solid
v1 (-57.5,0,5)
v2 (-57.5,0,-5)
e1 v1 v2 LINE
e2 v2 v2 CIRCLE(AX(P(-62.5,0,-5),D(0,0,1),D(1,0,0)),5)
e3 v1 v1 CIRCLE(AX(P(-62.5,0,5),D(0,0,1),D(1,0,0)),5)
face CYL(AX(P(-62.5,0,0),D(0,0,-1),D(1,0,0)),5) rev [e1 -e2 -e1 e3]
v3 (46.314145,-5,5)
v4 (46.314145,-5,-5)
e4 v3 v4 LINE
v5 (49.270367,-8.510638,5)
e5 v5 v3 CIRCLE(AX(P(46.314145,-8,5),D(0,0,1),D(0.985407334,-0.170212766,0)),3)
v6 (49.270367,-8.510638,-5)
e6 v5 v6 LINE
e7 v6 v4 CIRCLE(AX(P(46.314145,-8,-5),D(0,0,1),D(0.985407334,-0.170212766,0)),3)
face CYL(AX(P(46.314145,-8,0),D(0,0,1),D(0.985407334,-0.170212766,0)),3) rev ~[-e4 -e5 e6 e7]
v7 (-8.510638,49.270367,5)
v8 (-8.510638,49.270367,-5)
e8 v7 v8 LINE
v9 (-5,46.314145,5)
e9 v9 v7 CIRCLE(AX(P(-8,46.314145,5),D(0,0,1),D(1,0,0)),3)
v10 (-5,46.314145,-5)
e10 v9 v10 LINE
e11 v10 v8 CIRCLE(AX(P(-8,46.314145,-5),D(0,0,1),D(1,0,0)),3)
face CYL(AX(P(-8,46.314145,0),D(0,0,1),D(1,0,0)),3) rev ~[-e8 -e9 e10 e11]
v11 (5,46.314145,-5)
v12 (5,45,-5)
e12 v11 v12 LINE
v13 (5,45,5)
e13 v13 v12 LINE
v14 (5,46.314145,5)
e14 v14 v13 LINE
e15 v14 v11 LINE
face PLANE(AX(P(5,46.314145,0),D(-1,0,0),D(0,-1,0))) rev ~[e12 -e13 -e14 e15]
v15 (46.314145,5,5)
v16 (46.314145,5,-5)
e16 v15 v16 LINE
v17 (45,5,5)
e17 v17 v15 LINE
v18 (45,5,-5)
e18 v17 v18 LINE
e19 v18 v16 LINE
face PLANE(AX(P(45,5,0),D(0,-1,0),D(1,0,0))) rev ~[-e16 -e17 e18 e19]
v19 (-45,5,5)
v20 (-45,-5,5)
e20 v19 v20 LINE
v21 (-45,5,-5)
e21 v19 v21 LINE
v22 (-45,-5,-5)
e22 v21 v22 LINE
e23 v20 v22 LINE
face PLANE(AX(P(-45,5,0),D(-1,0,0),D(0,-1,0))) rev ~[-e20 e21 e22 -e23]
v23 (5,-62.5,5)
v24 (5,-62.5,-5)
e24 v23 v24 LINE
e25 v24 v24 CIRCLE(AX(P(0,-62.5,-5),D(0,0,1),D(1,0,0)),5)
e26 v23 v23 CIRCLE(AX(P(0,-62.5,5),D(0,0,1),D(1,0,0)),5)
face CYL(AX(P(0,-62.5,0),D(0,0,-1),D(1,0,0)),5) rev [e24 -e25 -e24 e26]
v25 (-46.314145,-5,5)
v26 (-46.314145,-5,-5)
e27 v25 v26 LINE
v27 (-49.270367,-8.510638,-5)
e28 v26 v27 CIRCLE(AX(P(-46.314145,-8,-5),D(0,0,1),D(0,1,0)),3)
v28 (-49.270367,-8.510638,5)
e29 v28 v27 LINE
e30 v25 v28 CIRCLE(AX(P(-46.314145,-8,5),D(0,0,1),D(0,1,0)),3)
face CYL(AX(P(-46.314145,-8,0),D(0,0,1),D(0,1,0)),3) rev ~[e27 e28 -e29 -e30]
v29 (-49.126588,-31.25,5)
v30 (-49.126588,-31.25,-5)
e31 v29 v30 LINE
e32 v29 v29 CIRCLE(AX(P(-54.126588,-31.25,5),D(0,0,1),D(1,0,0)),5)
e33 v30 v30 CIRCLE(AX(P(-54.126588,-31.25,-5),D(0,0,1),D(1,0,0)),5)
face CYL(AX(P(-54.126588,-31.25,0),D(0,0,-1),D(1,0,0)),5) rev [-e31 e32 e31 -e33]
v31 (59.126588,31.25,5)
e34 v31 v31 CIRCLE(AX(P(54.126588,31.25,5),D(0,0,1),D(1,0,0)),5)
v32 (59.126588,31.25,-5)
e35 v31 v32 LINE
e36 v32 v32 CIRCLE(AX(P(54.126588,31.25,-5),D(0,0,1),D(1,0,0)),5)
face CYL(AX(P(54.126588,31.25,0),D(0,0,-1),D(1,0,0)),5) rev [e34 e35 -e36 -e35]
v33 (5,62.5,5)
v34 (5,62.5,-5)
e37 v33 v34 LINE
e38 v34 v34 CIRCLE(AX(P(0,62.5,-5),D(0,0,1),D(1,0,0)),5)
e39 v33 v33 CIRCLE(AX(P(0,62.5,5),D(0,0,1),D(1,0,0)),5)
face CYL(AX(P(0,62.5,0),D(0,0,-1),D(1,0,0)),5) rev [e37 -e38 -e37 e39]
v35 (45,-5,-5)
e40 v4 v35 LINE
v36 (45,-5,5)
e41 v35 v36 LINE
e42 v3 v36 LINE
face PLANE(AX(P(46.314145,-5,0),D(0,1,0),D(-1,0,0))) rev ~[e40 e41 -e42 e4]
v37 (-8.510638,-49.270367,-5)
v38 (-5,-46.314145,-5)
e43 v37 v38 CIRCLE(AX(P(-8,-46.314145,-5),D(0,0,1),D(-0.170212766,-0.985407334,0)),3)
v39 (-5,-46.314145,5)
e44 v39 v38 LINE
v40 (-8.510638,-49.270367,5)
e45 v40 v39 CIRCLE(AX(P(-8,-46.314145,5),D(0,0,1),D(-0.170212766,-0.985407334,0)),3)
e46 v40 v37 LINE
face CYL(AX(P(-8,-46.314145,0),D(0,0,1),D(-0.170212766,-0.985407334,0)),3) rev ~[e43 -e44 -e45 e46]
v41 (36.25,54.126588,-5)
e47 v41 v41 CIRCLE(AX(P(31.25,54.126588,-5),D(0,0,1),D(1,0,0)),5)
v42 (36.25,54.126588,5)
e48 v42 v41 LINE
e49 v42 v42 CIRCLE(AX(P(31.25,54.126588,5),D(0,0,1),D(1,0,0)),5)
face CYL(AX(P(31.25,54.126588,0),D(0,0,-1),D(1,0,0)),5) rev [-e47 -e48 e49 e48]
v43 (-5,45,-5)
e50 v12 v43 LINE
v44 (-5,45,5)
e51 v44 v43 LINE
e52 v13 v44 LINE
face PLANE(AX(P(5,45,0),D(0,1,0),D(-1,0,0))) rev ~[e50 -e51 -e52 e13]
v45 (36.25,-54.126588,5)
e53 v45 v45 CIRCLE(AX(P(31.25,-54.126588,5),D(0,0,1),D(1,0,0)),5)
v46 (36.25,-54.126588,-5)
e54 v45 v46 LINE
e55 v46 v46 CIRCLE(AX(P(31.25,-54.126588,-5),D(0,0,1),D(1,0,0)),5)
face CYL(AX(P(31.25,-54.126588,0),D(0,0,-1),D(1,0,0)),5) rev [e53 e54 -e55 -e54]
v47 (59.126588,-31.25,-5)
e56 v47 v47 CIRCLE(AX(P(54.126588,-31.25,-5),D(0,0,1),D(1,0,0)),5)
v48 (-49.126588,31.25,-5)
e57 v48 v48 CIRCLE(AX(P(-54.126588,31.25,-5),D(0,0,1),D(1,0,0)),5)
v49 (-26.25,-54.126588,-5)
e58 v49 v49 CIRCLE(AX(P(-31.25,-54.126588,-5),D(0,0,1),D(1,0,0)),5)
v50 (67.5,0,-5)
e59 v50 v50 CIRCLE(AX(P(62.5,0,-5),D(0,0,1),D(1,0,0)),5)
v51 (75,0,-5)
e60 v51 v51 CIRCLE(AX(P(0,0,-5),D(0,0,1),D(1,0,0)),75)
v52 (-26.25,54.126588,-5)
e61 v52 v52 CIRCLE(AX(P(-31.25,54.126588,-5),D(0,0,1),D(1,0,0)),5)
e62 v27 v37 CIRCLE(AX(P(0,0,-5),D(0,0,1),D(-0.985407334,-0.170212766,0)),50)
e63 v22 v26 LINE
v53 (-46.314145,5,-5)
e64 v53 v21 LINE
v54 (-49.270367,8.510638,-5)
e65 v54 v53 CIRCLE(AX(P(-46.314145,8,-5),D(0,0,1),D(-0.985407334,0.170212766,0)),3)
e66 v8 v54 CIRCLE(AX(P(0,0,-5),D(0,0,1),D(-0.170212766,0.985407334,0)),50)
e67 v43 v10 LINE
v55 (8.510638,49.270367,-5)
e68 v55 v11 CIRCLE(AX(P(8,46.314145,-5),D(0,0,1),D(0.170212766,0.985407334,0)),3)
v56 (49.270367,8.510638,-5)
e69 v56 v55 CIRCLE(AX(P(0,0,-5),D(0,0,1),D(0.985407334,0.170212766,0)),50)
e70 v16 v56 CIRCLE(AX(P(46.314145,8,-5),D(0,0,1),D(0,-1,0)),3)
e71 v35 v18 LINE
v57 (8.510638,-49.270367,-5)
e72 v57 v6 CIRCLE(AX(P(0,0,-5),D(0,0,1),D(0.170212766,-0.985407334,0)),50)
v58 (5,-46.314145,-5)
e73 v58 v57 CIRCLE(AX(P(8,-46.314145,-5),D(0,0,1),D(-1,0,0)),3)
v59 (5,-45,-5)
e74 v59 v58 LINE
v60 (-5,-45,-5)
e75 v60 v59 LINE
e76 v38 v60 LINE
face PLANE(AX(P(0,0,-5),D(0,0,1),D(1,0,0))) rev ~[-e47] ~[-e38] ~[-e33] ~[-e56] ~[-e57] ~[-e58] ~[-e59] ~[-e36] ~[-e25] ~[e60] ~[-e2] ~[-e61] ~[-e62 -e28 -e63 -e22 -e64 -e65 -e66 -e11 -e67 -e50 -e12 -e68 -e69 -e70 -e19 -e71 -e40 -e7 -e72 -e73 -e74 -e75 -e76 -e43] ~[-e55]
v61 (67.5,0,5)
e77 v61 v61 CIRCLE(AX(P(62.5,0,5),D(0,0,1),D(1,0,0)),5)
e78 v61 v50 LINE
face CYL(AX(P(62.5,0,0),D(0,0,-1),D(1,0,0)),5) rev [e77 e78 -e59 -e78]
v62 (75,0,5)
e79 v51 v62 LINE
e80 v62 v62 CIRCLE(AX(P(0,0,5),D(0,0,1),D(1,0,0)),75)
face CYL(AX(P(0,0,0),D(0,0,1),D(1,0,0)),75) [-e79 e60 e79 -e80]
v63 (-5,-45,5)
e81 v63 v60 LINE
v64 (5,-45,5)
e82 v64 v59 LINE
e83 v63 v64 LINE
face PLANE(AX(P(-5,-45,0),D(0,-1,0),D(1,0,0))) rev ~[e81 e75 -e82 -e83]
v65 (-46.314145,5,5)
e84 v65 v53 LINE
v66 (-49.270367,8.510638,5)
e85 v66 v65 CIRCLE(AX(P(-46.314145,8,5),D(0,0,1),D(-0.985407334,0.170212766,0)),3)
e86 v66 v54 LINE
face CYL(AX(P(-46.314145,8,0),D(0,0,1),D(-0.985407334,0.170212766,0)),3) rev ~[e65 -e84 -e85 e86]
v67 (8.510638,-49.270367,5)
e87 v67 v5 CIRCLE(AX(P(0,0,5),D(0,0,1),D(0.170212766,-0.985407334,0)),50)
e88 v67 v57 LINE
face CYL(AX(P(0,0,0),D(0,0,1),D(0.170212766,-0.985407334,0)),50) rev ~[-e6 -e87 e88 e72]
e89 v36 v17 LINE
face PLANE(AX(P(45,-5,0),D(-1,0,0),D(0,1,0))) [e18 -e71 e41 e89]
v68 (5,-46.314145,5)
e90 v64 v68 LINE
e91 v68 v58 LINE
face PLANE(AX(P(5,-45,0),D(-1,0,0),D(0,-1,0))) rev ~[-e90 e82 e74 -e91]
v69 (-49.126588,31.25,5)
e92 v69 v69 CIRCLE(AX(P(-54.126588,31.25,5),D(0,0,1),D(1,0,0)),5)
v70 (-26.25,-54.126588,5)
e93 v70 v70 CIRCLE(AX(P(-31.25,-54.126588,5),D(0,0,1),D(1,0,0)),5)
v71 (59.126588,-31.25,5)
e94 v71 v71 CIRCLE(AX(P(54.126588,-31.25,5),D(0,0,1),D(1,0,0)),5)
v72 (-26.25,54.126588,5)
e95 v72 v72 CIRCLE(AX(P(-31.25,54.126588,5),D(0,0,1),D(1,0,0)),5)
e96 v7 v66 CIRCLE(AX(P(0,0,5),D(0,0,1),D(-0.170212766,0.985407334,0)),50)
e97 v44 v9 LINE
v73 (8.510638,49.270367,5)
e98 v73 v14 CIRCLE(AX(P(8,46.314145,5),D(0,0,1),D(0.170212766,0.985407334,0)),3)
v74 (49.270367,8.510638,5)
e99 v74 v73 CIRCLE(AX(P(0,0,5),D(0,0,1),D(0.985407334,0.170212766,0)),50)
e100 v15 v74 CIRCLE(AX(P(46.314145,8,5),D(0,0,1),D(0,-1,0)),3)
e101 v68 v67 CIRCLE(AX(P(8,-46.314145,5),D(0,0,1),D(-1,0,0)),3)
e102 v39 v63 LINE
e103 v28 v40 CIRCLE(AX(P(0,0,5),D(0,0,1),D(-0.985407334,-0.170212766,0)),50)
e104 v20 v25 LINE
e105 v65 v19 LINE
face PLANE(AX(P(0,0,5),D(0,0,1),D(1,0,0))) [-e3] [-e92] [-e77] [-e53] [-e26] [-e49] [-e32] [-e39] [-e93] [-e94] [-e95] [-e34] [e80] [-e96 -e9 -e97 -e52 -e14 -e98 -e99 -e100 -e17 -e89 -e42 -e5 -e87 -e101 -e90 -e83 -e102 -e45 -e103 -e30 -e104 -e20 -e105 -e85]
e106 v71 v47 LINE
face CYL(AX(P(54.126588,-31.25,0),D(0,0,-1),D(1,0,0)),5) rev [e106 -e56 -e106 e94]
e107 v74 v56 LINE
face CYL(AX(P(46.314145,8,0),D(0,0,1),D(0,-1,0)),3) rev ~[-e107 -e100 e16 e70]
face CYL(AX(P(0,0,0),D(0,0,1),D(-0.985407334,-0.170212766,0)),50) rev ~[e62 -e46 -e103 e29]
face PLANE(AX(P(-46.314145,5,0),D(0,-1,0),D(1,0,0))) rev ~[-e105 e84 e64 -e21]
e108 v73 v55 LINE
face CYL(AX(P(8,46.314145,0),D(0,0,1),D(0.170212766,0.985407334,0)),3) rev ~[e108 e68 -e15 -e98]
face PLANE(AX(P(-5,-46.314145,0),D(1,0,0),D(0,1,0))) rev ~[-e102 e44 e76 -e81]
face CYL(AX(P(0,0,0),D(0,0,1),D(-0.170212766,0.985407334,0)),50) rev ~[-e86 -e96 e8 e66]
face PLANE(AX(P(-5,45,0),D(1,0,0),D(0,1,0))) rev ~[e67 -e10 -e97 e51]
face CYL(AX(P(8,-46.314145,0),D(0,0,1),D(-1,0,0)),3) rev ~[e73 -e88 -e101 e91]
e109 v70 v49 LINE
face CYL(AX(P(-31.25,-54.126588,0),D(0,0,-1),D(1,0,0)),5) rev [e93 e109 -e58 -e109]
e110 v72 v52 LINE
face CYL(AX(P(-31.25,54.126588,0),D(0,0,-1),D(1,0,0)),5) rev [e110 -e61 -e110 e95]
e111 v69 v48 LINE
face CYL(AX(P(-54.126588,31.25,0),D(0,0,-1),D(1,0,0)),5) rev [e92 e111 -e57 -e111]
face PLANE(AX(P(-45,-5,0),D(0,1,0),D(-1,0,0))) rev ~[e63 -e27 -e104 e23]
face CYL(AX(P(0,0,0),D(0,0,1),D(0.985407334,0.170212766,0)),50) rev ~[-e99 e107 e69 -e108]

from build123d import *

# Parameters (mm, degrees)
SKETCH1_R           = 75
SKETCH1_R_2         = 5
BOSS_EXTRUDE1_DEPTH = 5


with BuildPart() as part:
    # Sketch1 → Boss-Extrude1 (new, symmetric)
    with BuildSketch(Plane.XY):
        Circle(SKETCH1_R)
        with Locations((62.5, 0)):
            Circle(SKETCH1_R_2, mode=Mode.SUBTRACT)
        with Locations((54.126587737, -31.25)):
            Circle(SKETCH1_R_2, mode=Mode.SUBTRACT)
        with Locations((31.25, -54.126587737)):
            Circle(SKETCH1_R_2, mode=Mode.SUBTRACT)
        with Locations((0, -62.5)):
            Circle(SKETCH1_R_2, mode=Mode.SUBTRACT)
        with Locations((-31.25, -54.126587737)):
            Circle(SKETCH1_R_2, mode=Mode.SUBTRACT)
        with Locations((-54.126587737, -31.25)):
            Circle(SKETCH1_R_2, mode=Mode.SUBTRACT)
        with Locations((-62.5, 0)):
            Circle(SKETCH1_R_2, mode=Mode.SUBTRACT)
        with Locations((-54.126587737, 31.25)):
            Circle(SKETCH1_R_2, mode=Mode.SUBTRACT)
        with Locations((-31.25, 54.126587737)):
            Circle(SKETCH1_R_2, mode=Mode.SUBTRACT)
        with Locations((0, 62.5)):
            Circle(SKETCH1_R_2, mode=Mode.SUBTRACT)
        with Locations((31.25, 54.126587737)):
            Circle(SKETCH1_R_2, mode=Mode.SUBTRACT)
        with Locations((54.126587737, 31.25)):
            Circle(SKETCH1_R_2, mode=Mode.SUBTRACT)
        with BuildLine():
            Line((45, 5), (46.314144708, 5))
            ThreePointArc((46.314144708, 5), (48.608912113, 6.067632914), (49.27036671, 8.510638298))
            ThreePointArc((49.27036671, 8.510638298), (35.355339059, 35.355339059), (8.510638298, 49.27036671))
            ThreePointArc((8.510638298, 49.27036671), (6.067632914, 48.608912113), (5, 46.314144708))
            Line((5, 46.314144708), (5, 45))
            Line((5, 45), (-5, 45))
            Line((-5, 45), (-5, 46.314144708))
            ThreePointArc((-5, 46.314144708), (-6.067632914, 48.608912113), (-8.510638298, 49.27036671))
            ThreePointArc((-8.510638298, 49.27036671), (-35.355339059, 35.355339059), (-49.27036671, 8.510638298))
            ThreePointArc((-49.27036671, 8.510638298), (-48.608912113, 6.067632914), (-46.314144708, 5))
            Line((-46.314144708, 5), (-45, 5))
            Line((-45, 5), (-45, -5))
            Line((-45, -5), (-46.314144708, -5))
            ThreePointArc((-46.314144708, -5), (-48.608912113, -6.067632914), (-49.27036671, -8.510638298))
            ThreePointArc((-49.27036671, -8.510638298), (-35.355339059, -35.355339059), (-8.510638298, -49.27036671))
            ThreePointArc((-8.510638298, -49.27036671), (-6.067632914, -48.608912113), (-5, -46.314144708))
            Line((-5, -46.314144708), (-5, -45))
            Line((-5, -45), (5, -45))
            Line((5, -45), (5, -46.314144708))
            ThreePointArc((5, -46.314144708), (6.067632914, -48.608912113), (8.510638298, -49.27036671))
            ThreePointArc((8.510638298, -49.27036671), (35.355339059, -35.355339059), (49.27036671, -8.510638298))
            ThreePointArc((49.27036671, -8.510638298), (48.608912113, -6.067632914), (46.314144708, -5))
            Line((46.314144708, -5), (45, -5))
            Line((45, -5), (45, 5))
        make_face(mode=Mode.SUBTRACT)
    extrude(amount=BOSS_EXTRUDE1_DEPTH, both=True)


solid = part.part
